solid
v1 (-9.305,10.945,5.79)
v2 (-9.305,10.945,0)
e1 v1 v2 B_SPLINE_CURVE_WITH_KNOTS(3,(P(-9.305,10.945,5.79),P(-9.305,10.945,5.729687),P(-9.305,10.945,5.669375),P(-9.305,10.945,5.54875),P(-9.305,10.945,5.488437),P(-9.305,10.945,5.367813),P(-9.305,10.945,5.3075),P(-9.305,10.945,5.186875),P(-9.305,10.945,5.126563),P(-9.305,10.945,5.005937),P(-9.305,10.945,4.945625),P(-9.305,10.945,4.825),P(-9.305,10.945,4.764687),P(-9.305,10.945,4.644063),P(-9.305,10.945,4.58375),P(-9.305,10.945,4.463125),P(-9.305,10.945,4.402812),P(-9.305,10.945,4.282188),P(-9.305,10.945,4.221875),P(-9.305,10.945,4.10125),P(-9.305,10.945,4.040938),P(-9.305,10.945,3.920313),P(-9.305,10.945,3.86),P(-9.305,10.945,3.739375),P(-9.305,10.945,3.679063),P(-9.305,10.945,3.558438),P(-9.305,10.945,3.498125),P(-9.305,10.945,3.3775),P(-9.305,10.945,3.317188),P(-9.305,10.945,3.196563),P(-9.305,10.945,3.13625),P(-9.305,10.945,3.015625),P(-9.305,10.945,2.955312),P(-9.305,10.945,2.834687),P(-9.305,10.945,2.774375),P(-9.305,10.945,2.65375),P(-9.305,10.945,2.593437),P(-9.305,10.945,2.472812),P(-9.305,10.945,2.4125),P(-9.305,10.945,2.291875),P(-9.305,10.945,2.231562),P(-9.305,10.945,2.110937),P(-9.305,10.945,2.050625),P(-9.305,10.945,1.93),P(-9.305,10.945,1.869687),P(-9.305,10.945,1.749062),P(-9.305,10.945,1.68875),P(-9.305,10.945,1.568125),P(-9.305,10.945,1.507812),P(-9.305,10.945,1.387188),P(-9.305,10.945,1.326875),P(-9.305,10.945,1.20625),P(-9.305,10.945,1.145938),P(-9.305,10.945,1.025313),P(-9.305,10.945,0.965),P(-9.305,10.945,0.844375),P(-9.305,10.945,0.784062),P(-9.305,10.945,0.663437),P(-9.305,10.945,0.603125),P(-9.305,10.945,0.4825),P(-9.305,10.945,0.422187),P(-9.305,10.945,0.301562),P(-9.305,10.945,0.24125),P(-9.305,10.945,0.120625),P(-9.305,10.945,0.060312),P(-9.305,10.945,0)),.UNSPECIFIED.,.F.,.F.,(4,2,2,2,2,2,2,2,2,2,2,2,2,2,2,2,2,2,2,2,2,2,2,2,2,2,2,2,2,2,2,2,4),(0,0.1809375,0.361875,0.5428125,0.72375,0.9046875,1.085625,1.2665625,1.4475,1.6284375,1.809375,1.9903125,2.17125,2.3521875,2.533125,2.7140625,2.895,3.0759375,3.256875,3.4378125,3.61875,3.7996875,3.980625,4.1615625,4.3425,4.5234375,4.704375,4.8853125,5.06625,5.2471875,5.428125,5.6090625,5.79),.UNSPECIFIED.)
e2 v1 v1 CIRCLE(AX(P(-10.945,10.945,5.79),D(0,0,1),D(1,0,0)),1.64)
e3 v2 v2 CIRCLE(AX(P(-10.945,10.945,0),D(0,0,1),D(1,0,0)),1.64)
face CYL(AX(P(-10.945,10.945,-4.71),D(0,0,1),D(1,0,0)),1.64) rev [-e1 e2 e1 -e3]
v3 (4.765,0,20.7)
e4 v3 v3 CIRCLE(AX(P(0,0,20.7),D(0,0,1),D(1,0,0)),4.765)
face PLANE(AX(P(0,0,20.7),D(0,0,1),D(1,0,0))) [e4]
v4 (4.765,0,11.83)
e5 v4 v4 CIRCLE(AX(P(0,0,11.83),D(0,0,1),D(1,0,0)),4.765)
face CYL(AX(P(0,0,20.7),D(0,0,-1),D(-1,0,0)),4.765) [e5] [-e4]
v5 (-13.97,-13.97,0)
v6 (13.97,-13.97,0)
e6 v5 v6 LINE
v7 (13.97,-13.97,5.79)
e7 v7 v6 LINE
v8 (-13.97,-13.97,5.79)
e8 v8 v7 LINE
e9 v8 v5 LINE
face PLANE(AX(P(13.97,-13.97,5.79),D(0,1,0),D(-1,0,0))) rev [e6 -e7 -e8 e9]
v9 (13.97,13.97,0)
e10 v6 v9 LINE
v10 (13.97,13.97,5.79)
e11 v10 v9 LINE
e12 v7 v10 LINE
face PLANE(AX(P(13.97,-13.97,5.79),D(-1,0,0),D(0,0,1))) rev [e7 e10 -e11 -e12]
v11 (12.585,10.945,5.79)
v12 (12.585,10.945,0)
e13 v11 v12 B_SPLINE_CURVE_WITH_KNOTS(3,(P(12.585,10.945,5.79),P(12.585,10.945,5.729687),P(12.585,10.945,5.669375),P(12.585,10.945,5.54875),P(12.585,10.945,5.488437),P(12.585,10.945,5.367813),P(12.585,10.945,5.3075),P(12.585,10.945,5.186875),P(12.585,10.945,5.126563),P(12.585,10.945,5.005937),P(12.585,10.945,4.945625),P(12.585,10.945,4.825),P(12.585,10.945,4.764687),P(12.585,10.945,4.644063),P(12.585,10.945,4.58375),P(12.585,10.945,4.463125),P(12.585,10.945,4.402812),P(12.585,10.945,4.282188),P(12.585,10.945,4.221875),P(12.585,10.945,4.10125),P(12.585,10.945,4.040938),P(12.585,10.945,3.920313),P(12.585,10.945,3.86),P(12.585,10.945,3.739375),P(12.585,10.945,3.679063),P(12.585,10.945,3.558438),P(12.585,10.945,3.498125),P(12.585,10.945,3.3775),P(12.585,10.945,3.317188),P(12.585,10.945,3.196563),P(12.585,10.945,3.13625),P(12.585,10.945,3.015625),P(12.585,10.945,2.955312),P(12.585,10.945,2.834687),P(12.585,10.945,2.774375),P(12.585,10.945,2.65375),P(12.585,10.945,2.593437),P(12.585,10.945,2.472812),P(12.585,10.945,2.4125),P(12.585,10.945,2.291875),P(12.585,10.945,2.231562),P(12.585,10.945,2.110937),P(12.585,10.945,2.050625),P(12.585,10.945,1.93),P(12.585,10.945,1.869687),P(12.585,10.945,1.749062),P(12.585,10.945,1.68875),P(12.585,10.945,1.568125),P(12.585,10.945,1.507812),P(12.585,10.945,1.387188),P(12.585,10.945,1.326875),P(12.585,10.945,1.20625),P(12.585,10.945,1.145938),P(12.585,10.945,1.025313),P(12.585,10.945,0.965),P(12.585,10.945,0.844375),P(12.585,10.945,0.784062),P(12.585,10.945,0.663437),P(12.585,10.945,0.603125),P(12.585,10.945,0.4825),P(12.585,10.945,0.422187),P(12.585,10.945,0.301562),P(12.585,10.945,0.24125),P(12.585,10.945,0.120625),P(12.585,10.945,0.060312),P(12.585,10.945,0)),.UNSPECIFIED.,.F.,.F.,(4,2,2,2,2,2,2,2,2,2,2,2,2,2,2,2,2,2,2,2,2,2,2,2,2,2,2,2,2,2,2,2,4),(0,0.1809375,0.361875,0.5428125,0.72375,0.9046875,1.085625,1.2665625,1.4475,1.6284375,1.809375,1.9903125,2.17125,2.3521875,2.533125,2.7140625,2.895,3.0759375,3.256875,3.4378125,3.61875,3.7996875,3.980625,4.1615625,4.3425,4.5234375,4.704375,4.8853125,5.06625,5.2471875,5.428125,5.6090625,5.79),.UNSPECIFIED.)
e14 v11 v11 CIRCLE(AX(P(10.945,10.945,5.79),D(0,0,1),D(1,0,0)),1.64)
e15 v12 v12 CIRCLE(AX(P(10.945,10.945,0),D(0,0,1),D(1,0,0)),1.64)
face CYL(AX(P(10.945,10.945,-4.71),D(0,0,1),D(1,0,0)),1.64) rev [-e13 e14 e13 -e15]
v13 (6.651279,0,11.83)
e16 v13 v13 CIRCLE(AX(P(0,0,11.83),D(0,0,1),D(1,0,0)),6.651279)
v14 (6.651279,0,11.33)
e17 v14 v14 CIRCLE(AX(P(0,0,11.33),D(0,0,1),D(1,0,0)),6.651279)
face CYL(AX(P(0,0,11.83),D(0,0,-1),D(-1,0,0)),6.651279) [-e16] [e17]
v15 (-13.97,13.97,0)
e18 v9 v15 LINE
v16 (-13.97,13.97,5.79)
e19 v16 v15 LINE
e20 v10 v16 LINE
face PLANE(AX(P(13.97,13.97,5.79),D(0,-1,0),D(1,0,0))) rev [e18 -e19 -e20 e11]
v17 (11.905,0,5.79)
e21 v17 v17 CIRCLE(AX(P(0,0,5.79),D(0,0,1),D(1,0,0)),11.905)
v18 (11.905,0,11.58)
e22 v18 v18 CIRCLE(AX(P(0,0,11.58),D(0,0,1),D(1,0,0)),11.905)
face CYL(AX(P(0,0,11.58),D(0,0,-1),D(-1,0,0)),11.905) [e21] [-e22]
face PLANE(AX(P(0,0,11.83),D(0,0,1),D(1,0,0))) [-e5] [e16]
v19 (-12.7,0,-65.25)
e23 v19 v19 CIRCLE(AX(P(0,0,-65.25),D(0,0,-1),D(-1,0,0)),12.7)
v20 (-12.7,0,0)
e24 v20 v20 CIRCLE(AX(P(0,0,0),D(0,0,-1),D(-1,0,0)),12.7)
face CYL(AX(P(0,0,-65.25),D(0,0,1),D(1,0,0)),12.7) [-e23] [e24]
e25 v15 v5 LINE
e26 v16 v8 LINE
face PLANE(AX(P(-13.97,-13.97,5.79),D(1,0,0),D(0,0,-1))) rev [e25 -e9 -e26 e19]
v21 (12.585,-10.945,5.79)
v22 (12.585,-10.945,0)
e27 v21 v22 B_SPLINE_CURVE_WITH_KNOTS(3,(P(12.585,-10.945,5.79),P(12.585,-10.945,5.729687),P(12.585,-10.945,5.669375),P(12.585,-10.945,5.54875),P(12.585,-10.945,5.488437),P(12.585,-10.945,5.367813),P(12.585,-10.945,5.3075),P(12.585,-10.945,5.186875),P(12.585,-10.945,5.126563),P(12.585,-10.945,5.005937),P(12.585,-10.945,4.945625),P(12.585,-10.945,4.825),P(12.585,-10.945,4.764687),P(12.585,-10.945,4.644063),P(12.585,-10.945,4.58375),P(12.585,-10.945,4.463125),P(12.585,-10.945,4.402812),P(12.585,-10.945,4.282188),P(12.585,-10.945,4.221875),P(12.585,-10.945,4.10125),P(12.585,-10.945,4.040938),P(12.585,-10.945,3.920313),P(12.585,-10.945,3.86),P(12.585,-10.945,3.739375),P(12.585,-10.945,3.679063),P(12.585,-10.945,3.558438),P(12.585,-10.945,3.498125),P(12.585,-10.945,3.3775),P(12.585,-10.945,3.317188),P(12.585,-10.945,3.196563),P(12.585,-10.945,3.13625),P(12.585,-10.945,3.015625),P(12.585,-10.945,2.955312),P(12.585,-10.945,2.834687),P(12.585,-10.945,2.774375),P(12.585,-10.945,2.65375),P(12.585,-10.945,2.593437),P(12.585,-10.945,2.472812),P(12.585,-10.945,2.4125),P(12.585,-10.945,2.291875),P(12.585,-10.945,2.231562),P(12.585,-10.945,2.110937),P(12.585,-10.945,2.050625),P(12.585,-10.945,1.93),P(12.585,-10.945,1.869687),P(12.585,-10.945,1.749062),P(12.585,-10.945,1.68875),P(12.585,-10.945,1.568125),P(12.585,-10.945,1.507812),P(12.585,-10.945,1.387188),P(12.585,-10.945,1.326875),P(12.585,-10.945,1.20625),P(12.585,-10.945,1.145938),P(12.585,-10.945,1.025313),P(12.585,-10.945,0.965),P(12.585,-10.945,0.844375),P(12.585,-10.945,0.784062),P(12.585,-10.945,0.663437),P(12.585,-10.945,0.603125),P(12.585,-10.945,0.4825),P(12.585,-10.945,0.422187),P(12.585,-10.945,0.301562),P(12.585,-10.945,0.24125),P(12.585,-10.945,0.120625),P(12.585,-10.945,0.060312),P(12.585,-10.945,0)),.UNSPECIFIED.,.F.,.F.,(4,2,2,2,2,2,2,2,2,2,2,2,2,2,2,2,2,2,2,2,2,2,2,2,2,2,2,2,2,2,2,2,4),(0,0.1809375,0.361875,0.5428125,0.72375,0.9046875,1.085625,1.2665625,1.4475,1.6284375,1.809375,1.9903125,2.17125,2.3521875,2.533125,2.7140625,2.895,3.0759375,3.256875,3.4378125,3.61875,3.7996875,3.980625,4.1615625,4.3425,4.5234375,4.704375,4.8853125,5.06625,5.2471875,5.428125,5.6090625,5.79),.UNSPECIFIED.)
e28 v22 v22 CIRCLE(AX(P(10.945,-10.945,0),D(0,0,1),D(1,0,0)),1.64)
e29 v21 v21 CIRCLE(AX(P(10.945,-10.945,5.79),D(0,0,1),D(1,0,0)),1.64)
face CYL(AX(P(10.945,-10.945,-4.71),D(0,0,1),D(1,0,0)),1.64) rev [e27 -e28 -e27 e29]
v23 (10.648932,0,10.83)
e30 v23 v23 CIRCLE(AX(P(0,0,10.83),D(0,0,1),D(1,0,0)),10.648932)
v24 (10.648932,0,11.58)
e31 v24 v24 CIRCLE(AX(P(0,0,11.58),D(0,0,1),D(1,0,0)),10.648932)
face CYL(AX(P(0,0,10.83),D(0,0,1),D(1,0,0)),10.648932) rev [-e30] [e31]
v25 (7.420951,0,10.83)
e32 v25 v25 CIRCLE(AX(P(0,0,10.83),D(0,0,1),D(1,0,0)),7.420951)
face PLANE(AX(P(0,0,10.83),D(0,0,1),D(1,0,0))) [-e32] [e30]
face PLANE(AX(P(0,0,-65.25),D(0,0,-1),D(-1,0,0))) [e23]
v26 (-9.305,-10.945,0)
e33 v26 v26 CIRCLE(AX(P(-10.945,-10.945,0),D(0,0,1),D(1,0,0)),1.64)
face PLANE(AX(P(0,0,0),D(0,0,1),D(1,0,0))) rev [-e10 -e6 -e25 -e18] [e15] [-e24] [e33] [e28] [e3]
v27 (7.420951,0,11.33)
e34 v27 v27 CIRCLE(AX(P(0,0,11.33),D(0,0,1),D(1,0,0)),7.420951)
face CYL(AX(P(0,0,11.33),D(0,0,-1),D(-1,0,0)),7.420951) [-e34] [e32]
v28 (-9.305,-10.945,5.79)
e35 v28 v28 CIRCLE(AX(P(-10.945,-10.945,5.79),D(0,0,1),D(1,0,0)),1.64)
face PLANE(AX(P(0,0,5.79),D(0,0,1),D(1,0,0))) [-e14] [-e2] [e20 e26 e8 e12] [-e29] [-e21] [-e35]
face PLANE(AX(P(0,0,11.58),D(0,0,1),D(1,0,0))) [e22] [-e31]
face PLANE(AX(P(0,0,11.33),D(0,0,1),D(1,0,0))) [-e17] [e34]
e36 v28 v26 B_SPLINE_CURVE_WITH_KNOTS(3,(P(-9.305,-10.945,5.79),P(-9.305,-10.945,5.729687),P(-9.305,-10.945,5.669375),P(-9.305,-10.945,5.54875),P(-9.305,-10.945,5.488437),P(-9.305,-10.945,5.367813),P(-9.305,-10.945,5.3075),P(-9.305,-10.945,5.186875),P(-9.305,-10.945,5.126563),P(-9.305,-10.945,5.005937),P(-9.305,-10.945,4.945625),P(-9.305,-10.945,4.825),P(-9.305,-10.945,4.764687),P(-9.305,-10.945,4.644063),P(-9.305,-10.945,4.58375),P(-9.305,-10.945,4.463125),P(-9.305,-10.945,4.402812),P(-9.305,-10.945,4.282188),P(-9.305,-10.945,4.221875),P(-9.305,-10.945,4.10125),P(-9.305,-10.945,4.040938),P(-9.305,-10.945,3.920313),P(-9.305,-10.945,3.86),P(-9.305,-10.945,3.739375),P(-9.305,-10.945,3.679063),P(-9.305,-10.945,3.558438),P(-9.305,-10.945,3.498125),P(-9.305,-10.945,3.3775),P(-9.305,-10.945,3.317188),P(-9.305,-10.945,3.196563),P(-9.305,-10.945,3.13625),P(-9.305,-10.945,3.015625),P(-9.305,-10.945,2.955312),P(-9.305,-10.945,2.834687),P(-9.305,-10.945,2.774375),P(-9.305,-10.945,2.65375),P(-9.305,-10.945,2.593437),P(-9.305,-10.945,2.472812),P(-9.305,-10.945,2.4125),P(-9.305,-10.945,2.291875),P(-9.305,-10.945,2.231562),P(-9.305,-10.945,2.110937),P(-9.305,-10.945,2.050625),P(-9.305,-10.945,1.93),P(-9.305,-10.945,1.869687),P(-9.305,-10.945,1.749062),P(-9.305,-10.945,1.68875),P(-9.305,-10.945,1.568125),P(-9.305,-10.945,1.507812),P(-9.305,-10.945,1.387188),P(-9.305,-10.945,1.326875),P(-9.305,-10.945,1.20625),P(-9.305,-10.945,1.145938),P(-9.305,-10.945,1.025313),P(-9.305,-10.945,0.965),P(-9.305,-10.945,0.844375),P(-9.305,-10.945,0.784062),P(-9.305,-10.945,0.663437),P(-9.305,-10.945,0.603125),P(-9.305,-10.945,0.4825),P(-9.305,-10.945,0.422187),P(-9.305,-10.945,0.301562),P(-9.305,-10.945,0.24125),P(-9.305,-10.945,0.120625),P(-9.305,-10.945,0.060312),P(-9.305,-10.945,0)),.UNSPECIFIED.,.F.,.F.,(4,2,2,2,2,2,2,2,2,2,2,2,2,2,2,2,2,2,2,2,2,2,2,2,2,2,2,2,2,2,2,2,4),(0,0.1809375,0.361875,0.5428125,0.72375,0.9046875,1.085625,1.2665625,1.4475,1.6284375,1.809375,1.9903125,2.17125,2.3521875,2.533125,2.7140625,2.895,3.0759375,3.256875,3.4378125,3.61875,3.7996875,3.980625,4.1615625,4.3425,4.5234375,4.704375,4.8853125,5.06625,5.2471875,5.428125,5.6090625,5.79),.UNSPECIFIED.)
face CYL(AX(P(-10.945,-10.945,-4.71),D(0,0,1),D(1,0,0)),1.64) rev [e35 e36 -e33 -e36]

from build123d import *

# Parameters (mm, degrees)
SKETCH2_W           = 27.94
SKETCH2_H           = 27.94
BOSS_EXTRUDE1_DEPTH = 5.79
SKETCH3_R           = 11.905
BOSS_EXTRUDE2_DEPTH = 5.79
SKETCH4_R           = 4.765
BOSS_EXTRUDE3_DEPTH = 9.12
SKETCH5_R           = 12.7
BOSS_EXTRUDE4_DEPTH = 65.25
CUT_EXTRUDE1_START  = -0.75
SKETCH6_R           = 10.648931608
SKETCH6_R_2         = 4.765
CUT_EXTRUDE1_DEPTH  = 0.75
SKETCH7_R           = 7.420951144
BOSS_EXTRUDE5_DEPTH = 0.5
SKETCH8_R           = 6.651278865
BOSS_EXTRUDE6_DEPTH = 0.5
SKETCH9_R           = 1.64
CUT_EXTRUDE2_DEPTH  = 10.5


with BuildPart() as part:
    # Sketch2 → Boss-Extrude1 (new body)
    with BuildSketch(Plane.XY):
        Rectangle(SKETCH2_W, SKETCH2_H)
    extrude(amount=BOSS_EXTRUDE1_DEPTH)

    # Sketch3 → Boss-Extrude2 (add)
    with BuildSketch(Plane.XY.offset(5.79)):
        Circle(SKETCH3_R)
    extrude(amount=BOSS_EXTRUDE2_DEPTH)

    # Sketch4 → Boss-Extrude3 (add)
    with BuildSketch(Plane.XY.offset(11.58)):
        Circle(SKETCH4_R)
    extrude(amount=BOSS_EXTRUDE3_DEPTH)

    # Sketch5 → Boss-Extrude4 (add)
    with BuildSketch(Plane(origin=(0, 0, 0), x_dir=(-1, 0, 0), z_dir=(0, 0, -1))):
        Circle(SKETCH5_R)
    extrude(amount=BOSS_EXTRUDE4_DEPTH)

    # Sketch6 → Cut-Extrude1 (cut)
    with BuildSketch(Plane.XY.offset(11.58).offset(CUT_EXTRUDE1_START)):
        Circle(SKETCH6_R)
        Circle(SKETCH6_R_2, mode=Mode.SUBTRACT)
    extrude(amount=CUT_EXTRUDE1_DEPTH, mode=Mode.SUBTRACT)

    # Sketch7 → Boss-Extrude5 (add)
    with BuildSketch(Plane.XY.offset(10.83)):
        Circle(SKETCH7_R)
    extrude(amount=BOSS_EXTRUDE5_DEPTH)

    # Sketch8 → Boss-Extrude6 (add)
    with BuildSketch(Plane.XY.offset(11.33)):
        Circle(SKETCH8_R)
    extrude(amount=BOSS_EXTRUDE6_DEPTH)

    # Sketch9 → Cut-Extrude2 (cut)
    with BuildSketch(Plane.XY.offset(5.79)):
        with Locations((-10.945, 10.945)):
            Circle(SKETCH9_R)
        with Locations((10.945, 10.945)):
            Circle(SKETCH9_R)
        with Locations((10.945, -10.945)):
            Circle(SKETCH9_R)
        with Locations((-10.945, -10.945)):
            Circle(SKETCH9_R)
    extrude(amount=-CUT_EXTRUDE2_DEPTH, mode=Mode.SUBTRACT)


solid = part.part
